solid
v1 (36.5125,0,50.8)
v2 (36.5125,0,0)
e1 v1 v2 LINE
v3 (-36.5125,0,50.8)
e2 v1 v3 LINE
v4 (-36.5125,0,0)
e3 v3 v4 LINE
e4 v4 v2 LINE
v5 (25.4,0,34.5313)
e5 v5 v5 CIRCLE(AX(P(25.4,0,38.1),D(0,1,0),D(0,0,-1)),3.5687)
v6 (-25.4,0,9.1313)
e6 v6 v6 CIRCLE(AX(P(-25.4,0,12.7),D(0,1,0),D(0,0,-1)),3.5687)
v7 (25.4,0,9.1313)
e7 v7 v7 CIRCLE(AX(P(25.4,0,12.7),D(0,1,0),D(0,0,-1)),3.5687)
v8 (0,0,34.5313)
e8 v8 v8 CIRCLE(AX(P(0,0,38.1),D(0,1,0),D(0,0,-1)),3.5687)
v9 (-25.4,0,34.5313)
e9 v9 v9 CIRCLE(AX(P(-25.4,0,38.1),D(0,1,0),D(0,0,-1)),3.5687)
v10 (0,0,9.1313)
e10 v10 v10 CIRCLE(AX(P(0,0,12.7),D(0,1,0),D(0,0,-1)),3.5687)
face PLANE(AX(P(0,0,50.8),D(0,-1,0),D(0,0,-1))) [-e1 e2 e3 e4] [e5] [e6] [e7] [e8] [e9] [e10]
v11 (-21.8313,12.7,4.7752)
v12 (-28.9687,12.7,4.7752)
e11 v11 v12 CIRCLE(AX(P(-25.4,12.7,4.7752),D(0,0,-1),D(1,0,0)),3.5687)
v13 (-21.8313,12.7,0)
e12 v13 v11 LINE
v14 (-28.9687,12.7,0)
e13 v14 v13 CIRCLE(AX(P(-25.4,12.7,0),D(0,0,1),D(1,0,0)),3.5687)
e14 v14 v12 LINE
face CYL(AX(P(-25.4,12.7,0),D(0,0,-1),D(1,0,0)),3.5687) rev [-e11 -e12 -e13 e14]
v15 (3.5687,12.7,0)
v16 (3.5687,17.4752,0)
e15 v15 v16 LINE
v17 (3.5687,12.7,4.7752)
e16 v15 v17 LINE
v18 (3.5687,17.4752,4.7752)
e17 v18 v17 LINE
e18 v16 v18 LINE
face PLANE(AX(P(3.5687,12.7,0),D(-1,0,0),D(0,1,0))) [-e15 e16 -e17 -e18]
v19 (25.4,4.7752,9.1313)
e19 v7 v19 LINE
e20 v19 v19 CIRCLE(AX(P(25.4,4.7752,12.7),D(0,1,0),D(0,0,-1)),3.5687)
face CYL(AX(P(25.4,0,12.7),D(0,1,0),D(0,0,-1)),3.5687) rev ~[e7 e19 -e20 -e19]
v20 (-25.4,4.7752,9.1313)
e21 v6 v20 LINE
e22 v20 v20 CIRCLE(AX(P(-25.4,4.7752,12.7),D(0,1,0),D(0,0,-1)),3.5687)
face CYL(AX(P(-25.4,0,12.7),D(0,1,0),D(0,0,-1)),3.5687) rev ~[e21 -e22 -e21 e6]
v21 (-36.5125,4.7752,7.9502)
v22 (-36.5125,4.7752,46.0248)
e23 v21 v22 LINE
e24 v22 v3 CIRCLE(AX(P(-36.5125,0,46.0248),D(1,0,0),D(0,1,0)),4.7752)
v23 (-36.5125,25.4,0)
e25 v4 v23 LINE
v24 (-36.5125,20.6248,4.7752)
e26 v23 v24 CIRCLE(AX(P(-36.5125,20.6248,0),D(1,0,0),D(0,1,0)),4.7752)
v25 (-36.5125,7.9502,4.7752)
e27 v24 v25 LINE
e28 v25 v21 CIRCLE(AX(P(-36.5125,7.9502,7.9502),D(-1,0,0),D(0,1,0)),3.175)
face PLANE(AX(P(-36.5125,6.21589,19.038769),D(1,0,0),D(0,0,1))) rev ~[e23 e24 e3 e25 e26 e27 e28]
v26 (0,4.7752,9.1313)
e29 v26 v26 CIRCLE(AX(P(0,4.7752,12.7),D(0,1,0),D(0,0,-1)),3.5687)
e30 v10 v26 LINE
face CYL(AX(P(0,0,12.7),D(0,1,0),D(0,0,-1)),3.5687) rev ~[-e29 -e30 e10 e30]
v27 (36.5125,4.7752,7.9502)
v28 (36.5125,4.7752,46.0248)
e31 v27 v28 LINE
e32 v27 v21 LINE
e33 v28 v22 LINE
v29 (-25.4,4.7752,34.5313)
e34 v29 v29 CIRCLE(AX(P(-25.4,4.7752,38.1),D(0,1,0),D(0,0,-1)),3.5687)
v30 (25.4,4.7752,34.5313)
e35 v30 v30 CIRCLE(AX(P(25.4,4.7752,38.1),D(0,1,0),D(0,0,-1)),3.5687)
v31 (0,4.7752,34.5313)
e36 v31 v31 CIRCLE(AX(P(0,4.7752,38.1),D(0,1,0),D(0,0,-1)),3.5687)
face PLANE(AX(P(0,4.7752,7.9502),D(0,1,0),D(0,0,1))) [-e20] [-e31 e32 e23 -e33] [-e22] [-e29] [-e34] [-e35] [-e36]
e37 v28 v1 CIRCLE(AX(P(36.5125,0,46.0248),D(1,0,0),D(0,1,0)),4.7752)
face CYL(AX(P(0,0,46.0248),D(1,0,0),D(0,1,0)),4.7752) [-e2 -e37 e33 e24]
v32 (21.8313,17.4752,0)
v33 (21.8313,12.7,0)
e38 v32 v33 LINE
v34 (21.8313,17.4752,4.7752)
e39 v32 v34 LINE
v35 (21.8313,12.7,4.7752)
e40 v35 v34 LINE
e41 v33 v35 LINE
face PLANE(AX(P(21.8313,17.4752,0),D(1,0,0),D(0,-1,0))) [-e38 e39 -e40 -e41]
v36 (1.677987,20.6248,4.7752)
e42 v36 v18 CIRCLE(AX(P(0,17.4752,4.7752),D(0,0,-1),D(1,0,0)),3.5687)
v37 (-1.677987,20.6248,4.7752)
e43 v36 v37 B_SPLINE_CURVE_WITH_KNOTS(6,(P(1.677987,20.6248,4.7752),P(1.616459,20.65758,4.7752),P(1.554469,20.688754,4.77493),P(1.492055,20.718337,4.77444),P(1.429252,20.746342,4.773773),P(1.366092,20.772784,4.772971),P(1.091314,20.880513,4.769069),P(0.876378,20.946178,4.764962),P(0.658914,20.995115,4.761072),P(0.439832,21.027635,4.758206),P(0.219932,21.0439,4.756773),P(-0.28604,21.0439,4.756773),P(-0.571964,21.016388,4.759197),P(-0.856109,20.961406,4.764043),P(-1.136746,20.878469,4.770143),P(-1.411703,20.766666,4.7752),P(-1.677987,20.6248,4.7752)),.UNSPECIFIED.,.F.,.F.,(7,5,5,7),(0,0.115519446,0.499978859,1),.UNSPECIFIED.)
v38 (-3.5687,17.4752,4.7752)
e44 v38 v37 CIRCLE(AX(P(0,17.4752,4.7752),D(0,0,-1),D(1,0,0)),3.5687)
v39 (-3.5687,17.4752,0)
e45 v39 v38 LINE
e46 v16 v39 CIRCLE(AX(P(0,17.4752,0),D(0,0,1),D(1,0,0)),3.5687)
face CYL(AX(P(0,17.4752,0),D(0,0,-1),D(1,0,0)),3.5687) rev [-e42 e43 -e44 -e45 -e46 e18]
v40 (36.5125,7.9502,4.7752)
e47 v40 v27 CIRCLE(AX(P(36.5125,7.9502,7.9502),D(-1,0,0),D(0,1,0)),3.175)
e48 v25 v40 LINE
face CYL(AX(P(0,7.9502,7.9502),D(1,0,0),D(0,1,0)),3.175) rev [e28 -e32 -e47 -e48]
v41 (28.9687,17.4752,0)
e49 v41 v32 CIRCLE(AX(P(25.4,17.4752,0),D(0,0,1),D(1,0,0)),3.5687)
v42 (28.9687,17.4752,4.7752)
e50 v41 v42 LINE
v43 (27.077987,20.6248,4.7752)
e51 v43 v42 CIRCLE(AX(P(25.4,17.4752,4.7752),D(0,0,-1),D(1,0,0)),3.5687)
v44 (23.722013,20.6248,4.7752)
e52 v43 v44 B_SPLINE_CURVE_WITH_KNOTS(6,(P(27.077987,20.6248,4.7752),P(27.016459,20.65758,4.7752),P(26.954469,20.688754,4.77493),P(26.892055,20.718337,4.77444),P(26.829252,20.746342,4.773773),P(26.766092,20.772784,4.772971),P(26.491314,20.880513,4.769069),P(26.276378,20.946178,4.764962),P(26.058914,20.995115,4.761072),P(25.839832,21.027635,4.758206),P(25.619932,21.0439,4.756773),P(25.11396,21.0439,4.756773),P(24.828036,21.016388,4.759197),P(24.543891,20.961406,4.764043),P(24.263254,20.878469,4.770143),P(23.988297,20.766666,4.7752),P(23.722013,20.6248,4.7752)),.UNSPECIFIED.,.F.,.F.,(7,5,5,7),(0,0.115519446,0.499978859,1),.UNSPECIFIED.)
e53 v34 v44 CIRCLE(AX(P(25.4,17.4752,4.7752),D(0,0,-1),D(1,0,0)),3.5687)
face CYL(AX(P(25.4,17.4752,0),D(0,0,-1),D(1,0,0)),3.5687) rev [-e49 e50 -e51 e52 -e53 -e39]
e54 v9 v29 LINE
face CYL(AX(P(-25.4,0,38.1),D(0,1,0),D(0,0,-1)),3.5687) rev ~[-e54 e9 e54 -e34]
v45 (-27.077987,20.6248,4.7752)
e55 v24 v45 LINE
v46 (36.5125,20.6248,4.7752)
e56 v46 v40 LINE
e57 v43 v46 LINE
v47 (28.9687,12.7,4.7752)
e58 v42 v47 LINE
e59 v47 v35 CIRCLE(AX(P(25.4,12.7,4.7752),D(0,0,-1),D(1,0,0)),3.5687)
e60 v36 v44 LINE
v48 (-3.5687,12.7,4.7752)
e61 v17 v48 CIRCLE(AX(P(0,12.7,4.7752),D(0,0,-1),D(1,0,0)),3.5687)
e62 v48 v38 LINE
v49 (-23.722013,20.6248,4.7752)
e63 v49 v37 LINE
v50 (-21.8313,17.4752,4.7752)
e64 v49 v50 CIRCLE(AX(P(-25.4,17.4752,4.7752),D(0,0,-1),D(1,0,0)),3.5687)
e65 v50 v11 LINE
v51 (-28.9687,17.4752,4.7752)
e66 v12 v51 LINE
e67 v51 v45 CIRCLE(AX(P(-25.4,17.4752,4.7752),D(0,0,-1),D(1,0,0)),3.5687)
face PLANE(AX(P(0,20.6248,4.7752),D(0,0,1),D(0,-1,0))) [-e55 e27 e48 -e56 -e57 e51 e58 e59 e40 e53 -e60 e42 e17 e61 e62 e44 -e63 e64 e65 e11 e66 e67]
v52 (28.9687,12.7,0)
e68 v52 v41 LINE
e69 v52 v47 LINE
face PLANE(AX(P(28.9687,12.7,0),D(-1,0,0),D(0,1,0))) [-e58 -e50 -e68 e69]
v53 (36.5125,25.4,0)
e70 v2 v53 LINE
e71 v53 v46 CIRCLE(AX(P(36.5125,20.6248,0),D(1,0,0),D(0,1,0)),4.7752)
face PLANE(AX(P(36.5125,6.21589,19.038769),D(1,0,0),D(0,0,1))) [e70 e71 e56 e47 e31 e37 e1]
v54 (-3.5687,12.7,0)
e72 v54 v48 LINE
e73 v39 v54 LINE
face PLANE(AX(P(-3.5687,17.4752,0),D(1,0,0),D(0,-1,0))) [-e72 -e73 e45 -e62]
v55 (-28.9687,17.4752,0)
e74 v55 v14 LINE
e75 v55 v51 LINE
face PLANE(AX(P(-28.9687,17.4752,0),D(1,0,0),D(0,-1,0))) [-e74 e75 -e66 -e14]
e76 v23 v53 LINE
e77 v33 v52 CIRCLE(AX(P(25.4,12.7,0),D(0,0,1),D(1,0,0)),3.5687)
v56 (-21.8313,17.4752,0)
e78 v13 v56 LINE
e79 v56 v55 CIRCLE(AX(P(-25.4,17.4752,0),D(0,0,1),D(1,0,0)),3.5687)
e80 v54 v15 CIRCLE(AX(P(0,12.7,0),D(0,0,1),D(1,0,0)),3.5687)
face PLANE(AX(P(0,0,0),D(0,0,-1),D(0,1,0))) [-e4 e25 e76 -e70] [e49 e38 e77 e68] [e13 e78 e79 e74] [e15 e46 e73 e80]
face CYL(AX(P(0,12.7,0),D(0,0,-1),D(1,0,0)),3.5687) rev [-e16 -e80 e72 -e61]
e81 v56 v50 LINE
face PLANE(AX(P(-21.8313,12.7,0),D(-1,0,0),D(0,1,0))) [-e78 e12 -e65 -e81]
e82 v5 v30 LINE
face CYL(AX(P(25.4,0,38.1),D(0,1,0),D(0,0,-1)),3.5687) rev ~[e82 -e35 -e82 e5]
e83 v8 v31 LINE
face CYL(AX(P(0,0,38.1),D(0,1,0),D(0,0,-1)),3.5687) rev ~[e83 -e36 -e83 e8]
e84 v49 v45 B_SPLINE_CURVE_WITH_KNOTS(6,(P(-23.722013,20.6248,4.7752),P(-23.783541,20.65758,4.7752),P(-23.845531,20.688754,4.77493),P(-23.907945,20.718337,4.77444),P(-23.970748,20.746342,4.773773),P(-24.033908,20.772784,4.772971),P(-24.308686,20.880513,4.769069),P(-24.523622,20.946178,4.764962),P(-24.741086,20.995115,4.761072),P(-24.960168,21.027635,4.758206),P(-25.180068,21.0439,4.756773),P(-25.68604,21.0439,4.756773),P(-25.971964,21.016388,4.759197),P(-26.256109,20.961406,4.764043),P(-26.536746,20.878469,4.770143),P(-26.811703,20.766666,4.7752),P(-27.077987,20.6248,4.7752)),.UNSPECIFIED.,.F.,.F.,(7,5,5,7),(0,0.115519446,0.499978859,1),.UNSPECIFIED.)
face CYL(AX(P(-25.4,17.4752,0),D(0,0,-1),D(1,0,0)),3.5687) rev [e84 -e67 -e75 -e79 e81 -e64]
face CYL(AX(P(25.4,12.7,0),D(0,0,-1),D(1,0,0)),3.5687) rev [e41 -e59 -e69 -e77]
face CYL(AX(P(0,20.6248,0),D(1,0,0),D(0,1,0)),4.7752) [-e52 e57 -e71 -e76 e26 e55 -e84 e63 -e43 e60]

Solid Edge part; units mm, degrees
sketch "Sketch1" plane through (0, 0, 0) normal (1, 0, 0) x (0, 1, 0)
  line L0 (0, 50.8) -> (0, 0)
  line L1 (0, 0) -> (25.4, 0)
  arc A0 (25.4, 0) -> (20.6248, 4.7752) centre (20.6248, 0) ccw
  line L2 (20.6248, 4.7752) -> (7.9502, 4.7752)
  arc A1 (7.9502, 4.7752) -> (4.7752, 7.9502) centre (7.9502, 7.9502) cw
  line L3 (4.7752, 7.9502) -> (4.7752, 46.0248)
  arc A2 (4.7752, 46.0248) -> (0, 50.8) centre (0, 46.0248) ccw
extrude "ExtrudedProtrusion_1" add sketch "Sketch1" against normal blind 36.5125 and the other way blind 36.5125
hole "Hole_1" at (25.4, 0, 12.7) direction (0, 1, 0) diameter 7.1374 depth 5.2527
hole "Hole_2" at (0, 0, 12.7) direction (0, 1, 0) diameter 7.1374 depth 5.2527
hole "Hole_3" at (-25.4, 0, 12.7) direction (0, 1, 0) diameter 7.1374 depth 5.2527
hole "Hole_4" at (25.4, 0, 38.1) direction (0, 1, 0) diameter 7.1374 depth 5.2527
hole "Hole_5" at (0, 0, 38.1) direction (0, 1, 0) diameter 7.1374 depth 5.2527
hole "Hole_6" at (-25.4, 0, 38.1) direction (0, 1, 0) diameter 7.1374 depth 5.2527
sketch "Sketch2" plane through (0, 0, 0) normal (0, 0, 1) x (1, 0, 0)
  arc A0 (21.8313, 12.7) -> (28.9687, 12.7) centre (25.4, 12.7) ccw
  line L0 (28.9687, 12.7) -> (28.9687, 17.4752)
  arc A1 (28.9687, 17.4752) -> (21.8313, 17.4752) centre (25.4, 17.4752) ccw
  line L1 (21.8313, 17.4752) -> (21.8313, 12.7)
extrude "ExtrudedCutout_1" cut sketch "Sketch2" along normal blind 7.1628
sketch "Sketch3" plane through (0, 0, 0) normal (0, 0, 1) x (1, 0, 0)
  arc A0 (-3.5687, 12.7) -> (3.5687, 12.7) centre (0, 12.7) ccw
  line L0 (3.5687, 12.7) -> (3.5687, 17.4752)
  arc A1 (3.5687, 17.4752) -> (-3.5687, 17.4752) centre (0, 17.4752) ccw
  line L1 (-3.5687, 17.4752) -> (-3.5687, 12.7)
extrude "ExtrudedCutout_2" cut sketch "Sketch3" along normal blind 7.1628
sketch "Sketch4" plane through (0, 0, 0) normal (0, 0, 1) x (1, 0, 0)
  arc A0 (-28.9687, 12.7) -> (-21.8313, 12.7) centre (-25.4, 12.7) ccw
  line L0 (-21.8313, 12.7) -> (-21.8313, 17.4752)
  arc A1 (-21.8313, 17.4752) -> (-28.9687, 17.4752) centre (-25.4, 17.4752) ccw
  line L1 (-28.9687, 17.4752) -> (-28.9687, 12.7)
extrude "ExtrudedCutout_3" cut sketch "Sketch4" along normal blind 7.1628
properties part number "4251"
